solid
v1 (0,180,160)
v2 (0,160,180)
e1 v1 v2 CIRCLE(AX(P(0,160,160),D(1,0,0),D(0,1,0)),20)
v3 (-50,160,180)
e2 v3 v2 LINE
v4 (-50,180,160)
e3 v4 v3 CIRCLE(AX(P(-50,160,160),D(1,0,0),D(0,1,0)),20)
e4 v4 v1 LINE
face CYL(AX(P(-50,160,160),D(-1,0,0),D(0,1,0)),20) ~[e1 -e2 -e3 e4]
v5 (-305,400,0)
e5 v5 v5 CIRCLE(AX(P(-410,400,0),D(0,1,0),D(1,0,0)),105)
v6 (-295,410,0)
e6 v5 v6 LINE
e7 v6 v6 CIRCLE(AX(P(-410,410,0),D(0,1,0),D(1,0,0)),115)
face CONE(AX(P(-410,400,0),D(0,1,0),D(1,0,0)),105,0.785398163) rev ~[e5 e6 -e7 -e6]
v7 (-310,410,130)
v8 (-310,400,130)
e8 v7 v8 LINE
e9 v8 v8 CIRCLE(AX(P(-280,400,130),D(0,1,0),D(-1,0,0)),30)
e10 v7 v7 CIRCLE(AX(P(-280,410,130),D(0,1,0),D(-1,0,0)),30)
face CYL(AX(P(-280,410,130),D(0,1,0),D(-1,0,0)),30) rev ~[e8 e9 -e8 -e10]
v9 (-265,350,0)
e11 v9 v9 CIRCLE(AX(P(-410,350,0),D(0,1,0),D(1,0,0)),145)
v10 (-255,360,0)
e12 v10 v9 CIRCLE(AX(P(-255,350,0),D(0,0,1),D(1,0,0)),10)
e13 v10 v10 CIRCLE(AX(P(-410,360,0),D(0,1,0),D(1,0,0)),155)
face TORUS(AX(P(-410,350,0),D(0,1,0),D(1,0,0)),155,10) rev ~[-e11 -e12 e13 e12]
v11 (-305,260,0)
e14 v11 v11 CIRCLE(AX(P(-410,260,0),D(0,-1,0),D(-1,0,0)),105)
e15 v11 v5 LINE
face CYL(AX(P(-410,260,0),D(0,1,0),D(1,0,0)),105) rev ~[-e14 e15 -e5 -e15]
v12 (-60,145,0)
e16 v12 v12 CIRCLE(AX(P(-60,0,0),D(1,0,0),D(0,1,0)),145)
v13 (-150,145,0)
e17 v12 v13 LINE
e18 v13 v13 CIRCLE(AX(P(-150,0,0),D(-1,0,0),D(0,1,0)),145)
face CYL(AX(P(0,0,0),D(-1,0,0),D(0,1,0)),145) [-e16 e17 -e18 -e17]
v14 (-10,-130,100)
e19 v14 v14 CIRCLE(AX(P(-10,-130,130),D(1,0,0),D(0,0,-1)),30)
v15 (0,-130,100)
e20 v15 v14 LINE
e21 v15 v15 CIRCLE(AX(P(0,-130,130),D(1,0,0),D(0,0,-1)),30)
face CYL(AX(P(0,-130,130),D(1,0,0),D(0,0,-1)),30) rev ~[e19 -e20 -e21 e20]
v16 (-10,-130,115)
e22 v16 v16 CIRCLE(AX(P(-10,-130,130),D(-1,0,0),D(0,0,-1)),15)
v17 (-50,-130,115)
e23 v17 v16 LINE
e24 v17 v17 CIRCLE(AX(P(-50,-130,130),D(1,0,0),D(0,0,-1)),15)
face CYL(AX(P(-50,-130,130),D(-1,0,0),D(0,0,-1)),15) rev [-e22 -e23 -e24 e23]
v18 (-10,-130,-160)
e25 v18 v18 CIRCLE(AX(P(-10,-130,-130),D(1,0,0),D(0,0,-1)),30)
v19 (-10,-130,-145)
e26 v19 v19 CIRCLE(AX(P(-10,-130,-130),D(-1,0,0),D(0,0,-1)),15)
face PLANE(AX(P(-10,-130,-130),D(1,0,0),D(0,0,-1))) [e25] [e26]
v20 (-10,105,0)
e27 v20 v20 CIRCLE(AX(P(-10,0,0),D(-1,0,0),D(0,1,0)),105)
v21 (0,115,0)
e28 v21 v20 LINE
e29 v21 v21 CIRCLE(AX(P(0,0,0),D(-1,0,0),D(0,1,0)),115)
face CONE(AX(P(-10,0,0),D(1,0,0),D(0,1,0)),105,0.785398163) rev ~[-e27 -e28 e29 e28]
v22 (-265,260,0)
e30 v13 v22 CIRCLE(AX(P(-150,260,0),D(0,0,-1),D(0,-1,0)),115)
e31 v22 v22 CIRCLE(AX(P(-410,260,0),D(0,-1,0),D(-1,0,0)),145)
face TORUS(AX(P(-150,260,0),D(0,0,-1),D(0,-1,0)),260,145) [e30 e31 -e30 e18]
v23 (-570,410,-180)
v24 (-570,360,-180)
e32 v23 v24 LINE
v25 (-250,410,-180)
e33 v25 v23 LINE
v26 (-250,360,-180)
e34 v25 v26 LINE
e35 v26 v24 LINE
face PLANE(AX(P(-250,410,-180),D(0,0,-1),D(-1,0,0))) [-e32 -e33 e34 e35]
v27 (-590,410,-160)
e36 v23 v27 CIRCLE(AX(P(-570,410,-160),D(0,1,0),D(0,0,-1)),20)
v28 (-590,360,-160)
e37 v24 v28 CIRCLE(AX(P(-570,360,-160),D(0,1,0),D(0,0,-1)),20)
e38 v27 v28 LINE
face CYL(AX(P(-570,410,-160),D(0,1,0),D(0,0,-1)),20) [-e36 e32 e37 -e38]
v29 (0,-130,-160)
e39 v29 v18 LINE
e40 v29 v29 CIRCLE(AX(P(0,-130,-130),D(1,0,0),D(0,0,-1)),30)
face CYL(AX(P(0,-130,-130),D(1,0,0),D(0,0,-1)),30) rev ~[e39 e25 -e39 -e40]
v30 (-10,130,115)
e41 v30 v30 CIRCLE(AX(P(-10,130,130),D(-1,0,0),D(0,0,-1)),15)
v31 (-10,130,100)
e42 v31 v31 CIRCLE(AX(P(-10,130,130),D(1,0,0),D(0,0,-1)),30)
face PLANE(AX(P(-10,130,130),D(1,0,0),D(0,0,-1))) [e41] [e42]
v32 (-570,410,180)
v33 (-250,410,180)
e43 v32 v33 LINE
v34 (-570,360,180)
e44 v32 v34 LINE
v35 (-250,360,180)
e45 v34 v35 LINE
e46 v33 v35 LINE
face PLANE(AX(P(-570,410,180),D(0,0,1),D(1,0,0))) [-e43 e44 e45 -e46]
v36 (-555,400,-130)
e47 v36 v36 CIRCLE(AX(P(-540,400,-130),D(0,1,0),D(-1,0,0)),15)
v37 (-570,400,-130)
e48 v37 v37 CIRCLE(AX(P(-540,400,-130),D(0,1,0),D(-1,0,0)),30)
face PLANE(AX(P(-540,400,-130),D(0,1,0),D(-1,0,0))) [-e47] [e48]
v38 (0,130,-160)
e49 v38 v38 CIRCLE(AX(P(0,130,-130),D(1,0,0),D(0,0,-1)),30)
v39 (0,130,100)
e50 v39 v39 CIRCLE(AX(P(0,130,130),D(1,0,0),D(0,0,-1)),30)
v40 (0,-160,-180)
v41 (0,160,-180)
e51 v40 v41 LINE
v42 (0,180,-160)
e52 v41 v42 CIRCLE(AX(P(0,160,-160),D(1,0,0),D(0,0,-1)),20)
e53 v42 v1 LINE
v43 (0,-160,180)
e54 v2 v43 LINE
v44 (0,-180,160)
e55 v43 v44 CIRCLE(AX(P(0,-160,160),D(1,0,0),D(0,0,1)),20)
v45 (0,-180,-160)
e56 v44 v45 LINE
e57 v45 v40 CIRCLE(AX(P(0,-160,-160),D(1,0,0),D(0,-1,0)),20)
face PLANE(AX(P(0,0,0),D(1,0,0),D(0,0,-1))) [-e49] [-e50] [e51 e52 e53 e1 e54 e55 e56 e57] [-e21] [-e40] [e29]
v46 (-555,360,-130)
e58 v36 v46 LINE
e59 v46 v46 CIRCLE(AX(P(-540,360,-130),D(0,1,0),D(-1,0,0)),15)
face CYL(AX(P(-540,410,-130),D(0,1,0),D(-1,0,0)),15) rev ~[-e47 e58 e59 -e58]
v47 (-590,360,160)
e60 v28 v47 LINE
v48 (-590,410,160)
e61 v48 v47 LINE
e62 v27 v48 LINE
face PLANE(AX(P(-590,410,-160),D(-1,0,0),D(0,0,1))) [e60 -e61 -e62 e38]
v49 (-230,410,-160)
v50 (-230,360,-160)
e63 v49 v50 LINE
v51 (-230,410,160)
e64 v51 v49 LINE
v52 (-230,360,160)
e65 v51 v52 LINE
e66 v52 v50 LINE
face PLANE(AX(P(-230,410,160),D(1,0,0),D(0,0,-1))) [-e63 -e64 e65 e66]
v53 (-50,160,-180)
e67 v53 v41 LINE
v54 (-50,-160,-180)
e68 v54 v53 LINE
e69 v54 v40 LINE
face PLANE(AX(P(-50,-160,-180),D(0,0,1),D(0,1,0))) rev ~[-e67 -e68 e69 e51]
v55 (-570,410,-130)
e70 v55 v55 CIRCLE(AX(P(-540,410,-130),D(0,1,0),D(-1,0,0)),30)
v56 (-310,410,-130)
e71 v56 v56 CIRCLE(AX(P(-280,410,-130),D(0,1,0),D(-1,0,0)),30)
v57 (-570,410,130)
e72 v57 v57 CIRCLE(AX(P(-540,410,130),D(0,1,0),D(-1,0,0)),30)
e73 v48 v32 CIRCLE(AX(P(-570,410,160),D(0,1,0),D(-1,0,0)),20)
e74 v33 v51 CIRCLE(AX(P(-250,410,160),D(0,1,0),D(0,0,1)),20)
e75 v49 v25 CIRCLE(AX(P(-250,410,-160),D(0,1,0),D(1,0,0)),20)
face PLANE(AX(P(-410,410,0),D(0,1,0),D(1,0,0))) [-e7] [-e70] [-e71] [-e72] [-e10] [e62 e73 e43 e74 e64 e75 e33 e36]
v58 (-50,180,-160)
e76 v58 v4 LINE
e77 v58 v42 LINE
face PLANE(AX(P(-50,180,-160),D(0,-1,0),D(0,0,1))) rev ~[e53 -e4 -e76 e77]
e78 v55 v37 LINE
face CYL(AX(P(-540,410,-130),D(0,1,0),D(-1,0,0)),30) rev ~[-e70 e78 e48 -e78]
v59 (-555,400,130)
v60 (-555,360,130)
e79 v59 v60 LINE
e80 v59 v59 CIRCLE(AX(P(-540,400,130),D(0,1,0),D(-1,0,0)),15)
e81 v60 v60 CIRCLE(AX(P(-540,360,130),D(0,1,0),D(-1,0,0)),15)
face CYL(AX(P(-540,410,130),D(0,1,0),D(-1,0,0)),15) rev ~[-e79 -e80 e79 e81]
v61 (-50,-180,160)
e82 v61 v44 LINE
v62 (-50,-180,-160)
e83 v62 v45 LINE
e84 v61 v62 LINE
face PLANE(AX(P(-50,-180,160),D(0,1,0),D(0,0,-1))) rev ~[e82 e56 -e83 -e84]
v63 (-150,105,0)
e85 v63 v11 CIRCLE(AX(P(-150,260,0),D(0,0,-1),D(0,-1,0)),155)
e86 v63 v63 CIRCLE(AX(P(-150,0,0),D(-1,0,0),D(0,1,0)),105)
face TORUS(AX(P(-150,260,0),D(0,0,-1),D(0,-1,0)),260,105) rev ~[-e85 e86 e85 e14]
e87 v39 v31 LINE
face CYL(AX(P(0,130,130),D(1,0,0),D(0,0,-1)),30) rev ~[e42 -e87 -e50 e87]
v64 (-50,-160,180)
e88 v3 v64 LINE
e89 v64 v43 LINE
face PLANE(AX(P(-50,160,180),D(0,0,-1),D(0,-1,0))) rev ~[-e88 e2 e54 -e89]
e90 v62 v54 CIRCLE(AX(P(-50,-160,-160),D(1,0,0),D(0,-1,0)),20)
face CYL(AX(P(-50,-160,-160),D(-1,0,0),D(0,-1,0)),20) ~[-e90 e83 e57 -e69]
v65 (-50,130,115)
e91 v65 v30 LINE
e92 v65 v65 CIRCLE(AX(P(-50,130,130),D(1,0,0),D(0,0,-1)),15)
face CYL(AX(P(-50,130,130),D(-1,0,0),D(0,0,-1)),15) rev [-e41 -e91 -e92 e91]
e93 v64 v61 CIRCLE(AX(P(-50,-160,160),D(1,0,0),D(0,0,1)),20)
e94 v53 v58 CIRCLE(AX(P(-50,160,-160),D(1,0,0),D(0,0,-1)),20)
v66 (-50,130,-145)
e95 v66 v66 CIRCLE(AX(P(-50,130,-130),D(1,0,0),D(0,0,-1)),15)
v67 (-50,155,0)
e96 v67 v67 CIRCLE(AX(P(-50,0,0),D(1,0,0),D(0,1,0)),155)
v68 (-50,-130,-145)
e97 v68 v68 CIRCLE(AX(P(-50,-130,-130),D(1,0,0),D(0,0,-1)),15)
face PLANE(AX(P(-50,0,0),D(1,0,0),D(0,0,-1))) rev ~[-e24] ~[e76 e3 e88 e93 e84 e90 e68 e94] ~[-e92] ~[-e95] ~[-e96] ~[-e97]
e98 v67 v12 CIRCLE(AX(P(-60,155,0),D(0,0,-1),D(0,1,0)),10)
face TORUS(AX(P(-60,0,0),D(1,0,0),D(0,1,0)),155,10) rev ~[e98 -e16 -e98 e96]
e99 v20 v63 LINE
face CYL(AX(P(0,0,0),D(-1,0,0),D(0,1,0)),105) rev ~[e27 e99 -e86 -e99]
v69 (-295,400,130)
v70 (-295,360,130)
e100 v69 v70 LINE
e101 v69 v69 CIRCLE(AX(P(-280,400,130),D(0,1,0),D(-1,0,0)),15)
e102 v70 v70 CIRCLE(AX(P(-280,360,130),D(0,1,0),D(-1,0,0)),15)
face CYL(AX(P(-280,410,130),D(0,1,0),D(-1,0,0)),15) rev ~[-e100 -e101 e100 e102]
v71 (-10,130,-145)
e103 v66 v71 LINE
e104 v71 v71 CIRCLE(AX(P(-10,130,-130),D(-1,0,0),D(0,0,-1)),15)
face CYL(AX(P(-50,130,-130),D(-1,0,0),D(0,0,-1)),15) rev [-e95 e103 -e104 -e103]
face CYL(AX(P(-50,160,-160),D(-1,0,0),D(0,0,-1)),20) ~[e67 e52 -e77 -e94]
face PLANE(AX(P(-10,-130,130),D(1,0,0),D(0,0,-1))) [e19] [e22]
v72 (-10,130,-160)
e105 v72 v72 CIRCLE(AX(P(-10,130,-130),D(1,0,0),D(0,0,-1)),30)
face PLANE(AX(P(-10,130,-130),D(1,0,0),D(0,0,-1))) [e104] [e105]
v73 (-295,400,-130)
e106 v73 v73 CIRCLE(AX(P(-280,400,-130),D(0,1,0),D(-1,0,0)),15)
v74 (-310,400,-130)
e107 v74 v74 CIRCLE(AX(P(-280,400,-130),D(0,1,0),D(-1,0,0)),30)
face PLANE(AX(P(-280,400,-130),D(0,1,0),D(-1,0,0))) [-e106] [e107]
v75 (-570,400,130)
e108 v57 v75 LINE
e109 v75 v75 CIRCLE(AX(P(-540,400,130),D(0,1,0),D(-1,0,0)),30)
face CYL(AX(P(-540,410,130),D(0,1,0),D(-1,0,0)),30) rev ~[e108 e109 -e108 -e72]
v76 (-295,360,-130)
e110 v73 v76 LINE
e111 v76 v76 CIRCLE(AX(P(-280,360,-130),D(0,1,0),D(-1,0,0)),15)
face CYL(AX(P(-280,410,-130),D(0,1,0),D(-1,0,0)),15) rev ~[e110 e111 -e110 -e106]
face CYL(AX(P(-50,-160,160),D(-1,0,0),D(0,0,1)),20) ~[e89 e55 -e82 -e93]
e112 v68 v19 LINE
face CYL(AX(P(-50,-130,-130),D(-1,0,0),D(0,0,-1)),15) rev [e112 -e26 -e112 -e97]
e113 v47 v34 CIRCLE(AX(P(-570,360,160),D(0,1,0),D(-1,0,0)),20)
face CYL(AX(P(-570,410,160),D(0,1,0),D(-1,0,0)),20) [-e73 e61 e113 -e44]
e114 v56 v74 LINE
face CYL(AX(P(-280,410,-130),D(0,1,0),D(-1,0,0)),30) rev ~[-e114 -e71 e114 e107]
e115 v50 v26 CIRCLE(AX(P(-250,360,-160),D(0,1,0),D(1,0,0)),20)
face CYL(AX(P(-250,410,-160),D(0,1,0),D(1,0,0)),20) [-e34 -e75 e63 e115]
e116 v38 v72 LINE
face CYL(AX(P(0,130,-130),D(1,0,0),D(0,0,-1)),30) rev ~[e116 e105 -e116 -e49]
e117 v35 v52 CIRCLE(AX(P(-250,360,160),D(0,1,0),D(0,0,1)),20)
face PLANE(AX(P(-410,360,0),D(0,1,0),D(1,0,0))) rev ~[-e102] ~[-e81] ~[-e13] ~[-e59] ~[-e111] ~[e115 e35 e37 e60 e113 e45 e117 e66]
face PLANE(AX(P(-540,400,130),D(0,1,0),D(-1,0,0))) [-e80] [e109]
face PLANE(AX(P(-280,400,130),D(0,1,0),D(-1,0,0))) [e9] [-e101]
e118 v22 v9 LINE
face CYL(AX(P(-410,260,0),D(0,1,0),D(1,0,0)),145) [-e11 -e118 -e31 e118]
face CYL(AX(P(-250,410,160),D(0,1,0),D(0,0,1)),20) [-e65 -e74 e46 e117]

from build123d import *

# Parameters (mm, degrees)
SKETCH2_R           = 145
SKETCH2_R_2         = 105
BOSS_EXTRUDE1_START = -50
SKETCH6_R           = 15
SKETCH6_R_2         = 145
BOSS_EXTRUDE1_DEPTH = 50
CHAMFER1_SIZE       = 10
FILLET1_R           = 10
SKETCH7_R           = 15
SKETCH7_R_2         = 145
BOSS_EXTRUDE2_DEPTH = 50
CHAMFER2_SIZE       = 10
FILLET2_R           = 10
SKETCH9_R           = 30
CUT_EXTRUDE1_DEPTH  = 10
SKETCH10_R          = 30
CUT_EXTRUDE2_DEPTH  = 10


with BuildPart() as part:
    # Sweep1: sweep along a path in Sketch1
    with BuildLine(Plane.XY) as sweep1_path:
        Line((0, 0), (-150, 0))
        ThreePointArc((-150, 0), (-333.847763109, 76.152236891), (-410, 260))
        Line((-410, 260), (-410, 410))
    # Sketch2 → Sweep1 (sweep)
    with BuildSketch(Plane(origin=(-410, 410, 0), x_dir=(1, 0, 0), z_dir=(0, 1, 0))):
        Circle(SKETCH2_R)
        Circle(SKETCH2_R_2, mode=Mode.SUBTRACT)
    sweep(path=sweep1_path.line)

    # Sketch6 → Boss-Extrude1 (add)
    with BuildSketch(Plane(origin=(0, 0, 0), x_dir=(0, 0, -1), z_dir=(1, 0, 0)).offset(BOSS_EXTRUDE1_START)):
        with BuildLine():
            Line((-160, -180), (160, -180))
            ThreePointArc((160, -180), (174.142135624, -174.142135624), (180, -160))
            Line((180, -160), (180, 160))
            ThreePointArc((180, 160), (174.142135624, 174.142135624), (160, 180))
            Line((160, 180), (-160, 180))
            ThreePointArc((-160, 180), (-174.142135624, 174.142135624), (-180, 160))
            Line((-180, 160), (-180, -160))
            ThreePointArc((-180, -160), (-174.142135624, -174.142135624), (-160, -180))
        make_face()
        with Locations((130, 130)):
            Circle(SKETCH6_R, mode=Mode.SUBTRACT)
        with Locations((130, -130)):
            Circle(SKETCH6_R, mode=Mode.SUBTRACT)
        with Locations((-130, -130)):
            Circle(SKETCH6_R, mode=Mode.SUBTRACT)
        with Locations((-130, 130)):
            Circle(SKETCH6_R, mode=Mode.SUBTRACT)
        with Locations(Location((0, 0, 0), (0, 0, 270))):
            Circle(SKETCH6_R_2, mode=Mode.SUBTRACT)
    extrude(amount=BOSS_EXTRUDE1_DEPTH)

    # Chamfer1
    chamfer1_edges = [part.edges().sort_by_distance(p)[0] for p in [
        (0, -105, 0),
    ]]
    chamfer(chamfer1_edges, length=CHAMFER1_SIZE)

    # Fillet1
    fillet1_edges = [part.edges().sort_by_distance(p)[0] for p in [
        (-50, -145, 0),
    ]]
    fillet(fillet1_edges, radius=FILLET1_R)

    # Sketch7 → Boss-Extrude2 (add)
    with BuildSketch(Plane(origin=(0, 410, 0), x_dir=(1, 0, 0), z_dir=(0, 1, 0))):
        with BuildLine():
            Line((-570, -180), (-250, -180))
            ThreePointArc((-250, -180), (-235.857864376, -174.142135624), (-230, -160))
            Line((-230, -160), (-230, 160))
            ThreePointArc((-230, 160), (-235.857864376, 174.142135624), (-250, 180))
            Line((-250, 180), (-570, 180))
            ThreePointArc((-570, 180), (-584.142135624, 174.142135624), (-590, 160))
            Line((-590, 160), (-590, -160))
            ThreePointArc((-590, -160), (-584.142135624, -174.142135624), (-570, -180))
        make_face()
        with Locations(Location((-540, 130, 0), (0, 0, 180))):
            Circle(SKETCH7_R, mode=Mode.SUBTRACT)
        with Locations(Location((-540, -130, 0), (0, 0, 180))):
            Circle(SKETCH7_R, mode=Mode.SUBTRACT)
        with Locations(Location((-280, -130, 0), (0, 0, 180))):
            Circle(SKETCH7_R, mode=Mode.SUBTRACT)
        with Locations(Location((-280, 130, 0), (0, 0, 180))):
            Circle(SKETCH7_R, mode=Mode.SUBTRACT)
        with Locations(Location((-410, 0, 0), (0, 0, 180))):
            Circle(SKETCH7_R_2, mode=Mode.SUBTRACT)
    extrude(amount=-BOSS_EXTRUDE2_DEPTH)

    # Chamfer2
    chamfer2_edges = [part.edges().sort_by_distance(p)[0] for p in [
        (-515, 410, 0),
    ]]
    chamfer(chamfer2_edges, length=CHAMFER2_SIZE)

    # Fillet2
    fillet2_edges = [part.edges().sort_by_distance(p)[0] for p in [
        (-555, 360, 0),
    ]]
    fillet(fillet2_edges, radius=FILLET2_R)

    # Sketch9 → Cut-Extrude1 (cut)
    with BuildSketch(Plane(origin=(0, 410, 0), x_dir=(1, 0, 0), z_dir=(0, 1, 0))):
        with Locations(Location((-540, 130, 0), (0, 0, 180))):
            Circle(SKETCH9_R)
        with Locations(Location((-280, 130, 0), (0, 0, 180))):
            Circle(SKETCH9_R)
        with Locations(Location((-540, -130, 0), (0, 0, 180))):
            Circle(SKETCH9_R)
        with Locations(Location((-280, -130, 0), (0, 0, 180))):
            Circle(SKETCH9_R)
    extrude(amount=-CUT_EXTRUDE1_DEPTH, mode=Mode.SUBTRACT)

    # Sketch10 → Cut-Extrude2 (cut)
    with BuildSketch(Plane(origin=(0, 0, 0), x_dir=(0, 0, -1), z_dir=(1, 0, 0))):
        with Locations((-130, 130)):
            Circle(SKETCH10_R)
        with Locations((130, 130)):
            Circle(SKETCH10_R)
        with Locations((-130, -130)):
            Circle(SKETCH10_R)
        with Locations((130, -130)):
            Circle(SKETCH10_R)
    extrude(amount=-CUT_EXTRUDE2_DEPTH, mode=Mode.SUBTRACT)


solid = part.part
